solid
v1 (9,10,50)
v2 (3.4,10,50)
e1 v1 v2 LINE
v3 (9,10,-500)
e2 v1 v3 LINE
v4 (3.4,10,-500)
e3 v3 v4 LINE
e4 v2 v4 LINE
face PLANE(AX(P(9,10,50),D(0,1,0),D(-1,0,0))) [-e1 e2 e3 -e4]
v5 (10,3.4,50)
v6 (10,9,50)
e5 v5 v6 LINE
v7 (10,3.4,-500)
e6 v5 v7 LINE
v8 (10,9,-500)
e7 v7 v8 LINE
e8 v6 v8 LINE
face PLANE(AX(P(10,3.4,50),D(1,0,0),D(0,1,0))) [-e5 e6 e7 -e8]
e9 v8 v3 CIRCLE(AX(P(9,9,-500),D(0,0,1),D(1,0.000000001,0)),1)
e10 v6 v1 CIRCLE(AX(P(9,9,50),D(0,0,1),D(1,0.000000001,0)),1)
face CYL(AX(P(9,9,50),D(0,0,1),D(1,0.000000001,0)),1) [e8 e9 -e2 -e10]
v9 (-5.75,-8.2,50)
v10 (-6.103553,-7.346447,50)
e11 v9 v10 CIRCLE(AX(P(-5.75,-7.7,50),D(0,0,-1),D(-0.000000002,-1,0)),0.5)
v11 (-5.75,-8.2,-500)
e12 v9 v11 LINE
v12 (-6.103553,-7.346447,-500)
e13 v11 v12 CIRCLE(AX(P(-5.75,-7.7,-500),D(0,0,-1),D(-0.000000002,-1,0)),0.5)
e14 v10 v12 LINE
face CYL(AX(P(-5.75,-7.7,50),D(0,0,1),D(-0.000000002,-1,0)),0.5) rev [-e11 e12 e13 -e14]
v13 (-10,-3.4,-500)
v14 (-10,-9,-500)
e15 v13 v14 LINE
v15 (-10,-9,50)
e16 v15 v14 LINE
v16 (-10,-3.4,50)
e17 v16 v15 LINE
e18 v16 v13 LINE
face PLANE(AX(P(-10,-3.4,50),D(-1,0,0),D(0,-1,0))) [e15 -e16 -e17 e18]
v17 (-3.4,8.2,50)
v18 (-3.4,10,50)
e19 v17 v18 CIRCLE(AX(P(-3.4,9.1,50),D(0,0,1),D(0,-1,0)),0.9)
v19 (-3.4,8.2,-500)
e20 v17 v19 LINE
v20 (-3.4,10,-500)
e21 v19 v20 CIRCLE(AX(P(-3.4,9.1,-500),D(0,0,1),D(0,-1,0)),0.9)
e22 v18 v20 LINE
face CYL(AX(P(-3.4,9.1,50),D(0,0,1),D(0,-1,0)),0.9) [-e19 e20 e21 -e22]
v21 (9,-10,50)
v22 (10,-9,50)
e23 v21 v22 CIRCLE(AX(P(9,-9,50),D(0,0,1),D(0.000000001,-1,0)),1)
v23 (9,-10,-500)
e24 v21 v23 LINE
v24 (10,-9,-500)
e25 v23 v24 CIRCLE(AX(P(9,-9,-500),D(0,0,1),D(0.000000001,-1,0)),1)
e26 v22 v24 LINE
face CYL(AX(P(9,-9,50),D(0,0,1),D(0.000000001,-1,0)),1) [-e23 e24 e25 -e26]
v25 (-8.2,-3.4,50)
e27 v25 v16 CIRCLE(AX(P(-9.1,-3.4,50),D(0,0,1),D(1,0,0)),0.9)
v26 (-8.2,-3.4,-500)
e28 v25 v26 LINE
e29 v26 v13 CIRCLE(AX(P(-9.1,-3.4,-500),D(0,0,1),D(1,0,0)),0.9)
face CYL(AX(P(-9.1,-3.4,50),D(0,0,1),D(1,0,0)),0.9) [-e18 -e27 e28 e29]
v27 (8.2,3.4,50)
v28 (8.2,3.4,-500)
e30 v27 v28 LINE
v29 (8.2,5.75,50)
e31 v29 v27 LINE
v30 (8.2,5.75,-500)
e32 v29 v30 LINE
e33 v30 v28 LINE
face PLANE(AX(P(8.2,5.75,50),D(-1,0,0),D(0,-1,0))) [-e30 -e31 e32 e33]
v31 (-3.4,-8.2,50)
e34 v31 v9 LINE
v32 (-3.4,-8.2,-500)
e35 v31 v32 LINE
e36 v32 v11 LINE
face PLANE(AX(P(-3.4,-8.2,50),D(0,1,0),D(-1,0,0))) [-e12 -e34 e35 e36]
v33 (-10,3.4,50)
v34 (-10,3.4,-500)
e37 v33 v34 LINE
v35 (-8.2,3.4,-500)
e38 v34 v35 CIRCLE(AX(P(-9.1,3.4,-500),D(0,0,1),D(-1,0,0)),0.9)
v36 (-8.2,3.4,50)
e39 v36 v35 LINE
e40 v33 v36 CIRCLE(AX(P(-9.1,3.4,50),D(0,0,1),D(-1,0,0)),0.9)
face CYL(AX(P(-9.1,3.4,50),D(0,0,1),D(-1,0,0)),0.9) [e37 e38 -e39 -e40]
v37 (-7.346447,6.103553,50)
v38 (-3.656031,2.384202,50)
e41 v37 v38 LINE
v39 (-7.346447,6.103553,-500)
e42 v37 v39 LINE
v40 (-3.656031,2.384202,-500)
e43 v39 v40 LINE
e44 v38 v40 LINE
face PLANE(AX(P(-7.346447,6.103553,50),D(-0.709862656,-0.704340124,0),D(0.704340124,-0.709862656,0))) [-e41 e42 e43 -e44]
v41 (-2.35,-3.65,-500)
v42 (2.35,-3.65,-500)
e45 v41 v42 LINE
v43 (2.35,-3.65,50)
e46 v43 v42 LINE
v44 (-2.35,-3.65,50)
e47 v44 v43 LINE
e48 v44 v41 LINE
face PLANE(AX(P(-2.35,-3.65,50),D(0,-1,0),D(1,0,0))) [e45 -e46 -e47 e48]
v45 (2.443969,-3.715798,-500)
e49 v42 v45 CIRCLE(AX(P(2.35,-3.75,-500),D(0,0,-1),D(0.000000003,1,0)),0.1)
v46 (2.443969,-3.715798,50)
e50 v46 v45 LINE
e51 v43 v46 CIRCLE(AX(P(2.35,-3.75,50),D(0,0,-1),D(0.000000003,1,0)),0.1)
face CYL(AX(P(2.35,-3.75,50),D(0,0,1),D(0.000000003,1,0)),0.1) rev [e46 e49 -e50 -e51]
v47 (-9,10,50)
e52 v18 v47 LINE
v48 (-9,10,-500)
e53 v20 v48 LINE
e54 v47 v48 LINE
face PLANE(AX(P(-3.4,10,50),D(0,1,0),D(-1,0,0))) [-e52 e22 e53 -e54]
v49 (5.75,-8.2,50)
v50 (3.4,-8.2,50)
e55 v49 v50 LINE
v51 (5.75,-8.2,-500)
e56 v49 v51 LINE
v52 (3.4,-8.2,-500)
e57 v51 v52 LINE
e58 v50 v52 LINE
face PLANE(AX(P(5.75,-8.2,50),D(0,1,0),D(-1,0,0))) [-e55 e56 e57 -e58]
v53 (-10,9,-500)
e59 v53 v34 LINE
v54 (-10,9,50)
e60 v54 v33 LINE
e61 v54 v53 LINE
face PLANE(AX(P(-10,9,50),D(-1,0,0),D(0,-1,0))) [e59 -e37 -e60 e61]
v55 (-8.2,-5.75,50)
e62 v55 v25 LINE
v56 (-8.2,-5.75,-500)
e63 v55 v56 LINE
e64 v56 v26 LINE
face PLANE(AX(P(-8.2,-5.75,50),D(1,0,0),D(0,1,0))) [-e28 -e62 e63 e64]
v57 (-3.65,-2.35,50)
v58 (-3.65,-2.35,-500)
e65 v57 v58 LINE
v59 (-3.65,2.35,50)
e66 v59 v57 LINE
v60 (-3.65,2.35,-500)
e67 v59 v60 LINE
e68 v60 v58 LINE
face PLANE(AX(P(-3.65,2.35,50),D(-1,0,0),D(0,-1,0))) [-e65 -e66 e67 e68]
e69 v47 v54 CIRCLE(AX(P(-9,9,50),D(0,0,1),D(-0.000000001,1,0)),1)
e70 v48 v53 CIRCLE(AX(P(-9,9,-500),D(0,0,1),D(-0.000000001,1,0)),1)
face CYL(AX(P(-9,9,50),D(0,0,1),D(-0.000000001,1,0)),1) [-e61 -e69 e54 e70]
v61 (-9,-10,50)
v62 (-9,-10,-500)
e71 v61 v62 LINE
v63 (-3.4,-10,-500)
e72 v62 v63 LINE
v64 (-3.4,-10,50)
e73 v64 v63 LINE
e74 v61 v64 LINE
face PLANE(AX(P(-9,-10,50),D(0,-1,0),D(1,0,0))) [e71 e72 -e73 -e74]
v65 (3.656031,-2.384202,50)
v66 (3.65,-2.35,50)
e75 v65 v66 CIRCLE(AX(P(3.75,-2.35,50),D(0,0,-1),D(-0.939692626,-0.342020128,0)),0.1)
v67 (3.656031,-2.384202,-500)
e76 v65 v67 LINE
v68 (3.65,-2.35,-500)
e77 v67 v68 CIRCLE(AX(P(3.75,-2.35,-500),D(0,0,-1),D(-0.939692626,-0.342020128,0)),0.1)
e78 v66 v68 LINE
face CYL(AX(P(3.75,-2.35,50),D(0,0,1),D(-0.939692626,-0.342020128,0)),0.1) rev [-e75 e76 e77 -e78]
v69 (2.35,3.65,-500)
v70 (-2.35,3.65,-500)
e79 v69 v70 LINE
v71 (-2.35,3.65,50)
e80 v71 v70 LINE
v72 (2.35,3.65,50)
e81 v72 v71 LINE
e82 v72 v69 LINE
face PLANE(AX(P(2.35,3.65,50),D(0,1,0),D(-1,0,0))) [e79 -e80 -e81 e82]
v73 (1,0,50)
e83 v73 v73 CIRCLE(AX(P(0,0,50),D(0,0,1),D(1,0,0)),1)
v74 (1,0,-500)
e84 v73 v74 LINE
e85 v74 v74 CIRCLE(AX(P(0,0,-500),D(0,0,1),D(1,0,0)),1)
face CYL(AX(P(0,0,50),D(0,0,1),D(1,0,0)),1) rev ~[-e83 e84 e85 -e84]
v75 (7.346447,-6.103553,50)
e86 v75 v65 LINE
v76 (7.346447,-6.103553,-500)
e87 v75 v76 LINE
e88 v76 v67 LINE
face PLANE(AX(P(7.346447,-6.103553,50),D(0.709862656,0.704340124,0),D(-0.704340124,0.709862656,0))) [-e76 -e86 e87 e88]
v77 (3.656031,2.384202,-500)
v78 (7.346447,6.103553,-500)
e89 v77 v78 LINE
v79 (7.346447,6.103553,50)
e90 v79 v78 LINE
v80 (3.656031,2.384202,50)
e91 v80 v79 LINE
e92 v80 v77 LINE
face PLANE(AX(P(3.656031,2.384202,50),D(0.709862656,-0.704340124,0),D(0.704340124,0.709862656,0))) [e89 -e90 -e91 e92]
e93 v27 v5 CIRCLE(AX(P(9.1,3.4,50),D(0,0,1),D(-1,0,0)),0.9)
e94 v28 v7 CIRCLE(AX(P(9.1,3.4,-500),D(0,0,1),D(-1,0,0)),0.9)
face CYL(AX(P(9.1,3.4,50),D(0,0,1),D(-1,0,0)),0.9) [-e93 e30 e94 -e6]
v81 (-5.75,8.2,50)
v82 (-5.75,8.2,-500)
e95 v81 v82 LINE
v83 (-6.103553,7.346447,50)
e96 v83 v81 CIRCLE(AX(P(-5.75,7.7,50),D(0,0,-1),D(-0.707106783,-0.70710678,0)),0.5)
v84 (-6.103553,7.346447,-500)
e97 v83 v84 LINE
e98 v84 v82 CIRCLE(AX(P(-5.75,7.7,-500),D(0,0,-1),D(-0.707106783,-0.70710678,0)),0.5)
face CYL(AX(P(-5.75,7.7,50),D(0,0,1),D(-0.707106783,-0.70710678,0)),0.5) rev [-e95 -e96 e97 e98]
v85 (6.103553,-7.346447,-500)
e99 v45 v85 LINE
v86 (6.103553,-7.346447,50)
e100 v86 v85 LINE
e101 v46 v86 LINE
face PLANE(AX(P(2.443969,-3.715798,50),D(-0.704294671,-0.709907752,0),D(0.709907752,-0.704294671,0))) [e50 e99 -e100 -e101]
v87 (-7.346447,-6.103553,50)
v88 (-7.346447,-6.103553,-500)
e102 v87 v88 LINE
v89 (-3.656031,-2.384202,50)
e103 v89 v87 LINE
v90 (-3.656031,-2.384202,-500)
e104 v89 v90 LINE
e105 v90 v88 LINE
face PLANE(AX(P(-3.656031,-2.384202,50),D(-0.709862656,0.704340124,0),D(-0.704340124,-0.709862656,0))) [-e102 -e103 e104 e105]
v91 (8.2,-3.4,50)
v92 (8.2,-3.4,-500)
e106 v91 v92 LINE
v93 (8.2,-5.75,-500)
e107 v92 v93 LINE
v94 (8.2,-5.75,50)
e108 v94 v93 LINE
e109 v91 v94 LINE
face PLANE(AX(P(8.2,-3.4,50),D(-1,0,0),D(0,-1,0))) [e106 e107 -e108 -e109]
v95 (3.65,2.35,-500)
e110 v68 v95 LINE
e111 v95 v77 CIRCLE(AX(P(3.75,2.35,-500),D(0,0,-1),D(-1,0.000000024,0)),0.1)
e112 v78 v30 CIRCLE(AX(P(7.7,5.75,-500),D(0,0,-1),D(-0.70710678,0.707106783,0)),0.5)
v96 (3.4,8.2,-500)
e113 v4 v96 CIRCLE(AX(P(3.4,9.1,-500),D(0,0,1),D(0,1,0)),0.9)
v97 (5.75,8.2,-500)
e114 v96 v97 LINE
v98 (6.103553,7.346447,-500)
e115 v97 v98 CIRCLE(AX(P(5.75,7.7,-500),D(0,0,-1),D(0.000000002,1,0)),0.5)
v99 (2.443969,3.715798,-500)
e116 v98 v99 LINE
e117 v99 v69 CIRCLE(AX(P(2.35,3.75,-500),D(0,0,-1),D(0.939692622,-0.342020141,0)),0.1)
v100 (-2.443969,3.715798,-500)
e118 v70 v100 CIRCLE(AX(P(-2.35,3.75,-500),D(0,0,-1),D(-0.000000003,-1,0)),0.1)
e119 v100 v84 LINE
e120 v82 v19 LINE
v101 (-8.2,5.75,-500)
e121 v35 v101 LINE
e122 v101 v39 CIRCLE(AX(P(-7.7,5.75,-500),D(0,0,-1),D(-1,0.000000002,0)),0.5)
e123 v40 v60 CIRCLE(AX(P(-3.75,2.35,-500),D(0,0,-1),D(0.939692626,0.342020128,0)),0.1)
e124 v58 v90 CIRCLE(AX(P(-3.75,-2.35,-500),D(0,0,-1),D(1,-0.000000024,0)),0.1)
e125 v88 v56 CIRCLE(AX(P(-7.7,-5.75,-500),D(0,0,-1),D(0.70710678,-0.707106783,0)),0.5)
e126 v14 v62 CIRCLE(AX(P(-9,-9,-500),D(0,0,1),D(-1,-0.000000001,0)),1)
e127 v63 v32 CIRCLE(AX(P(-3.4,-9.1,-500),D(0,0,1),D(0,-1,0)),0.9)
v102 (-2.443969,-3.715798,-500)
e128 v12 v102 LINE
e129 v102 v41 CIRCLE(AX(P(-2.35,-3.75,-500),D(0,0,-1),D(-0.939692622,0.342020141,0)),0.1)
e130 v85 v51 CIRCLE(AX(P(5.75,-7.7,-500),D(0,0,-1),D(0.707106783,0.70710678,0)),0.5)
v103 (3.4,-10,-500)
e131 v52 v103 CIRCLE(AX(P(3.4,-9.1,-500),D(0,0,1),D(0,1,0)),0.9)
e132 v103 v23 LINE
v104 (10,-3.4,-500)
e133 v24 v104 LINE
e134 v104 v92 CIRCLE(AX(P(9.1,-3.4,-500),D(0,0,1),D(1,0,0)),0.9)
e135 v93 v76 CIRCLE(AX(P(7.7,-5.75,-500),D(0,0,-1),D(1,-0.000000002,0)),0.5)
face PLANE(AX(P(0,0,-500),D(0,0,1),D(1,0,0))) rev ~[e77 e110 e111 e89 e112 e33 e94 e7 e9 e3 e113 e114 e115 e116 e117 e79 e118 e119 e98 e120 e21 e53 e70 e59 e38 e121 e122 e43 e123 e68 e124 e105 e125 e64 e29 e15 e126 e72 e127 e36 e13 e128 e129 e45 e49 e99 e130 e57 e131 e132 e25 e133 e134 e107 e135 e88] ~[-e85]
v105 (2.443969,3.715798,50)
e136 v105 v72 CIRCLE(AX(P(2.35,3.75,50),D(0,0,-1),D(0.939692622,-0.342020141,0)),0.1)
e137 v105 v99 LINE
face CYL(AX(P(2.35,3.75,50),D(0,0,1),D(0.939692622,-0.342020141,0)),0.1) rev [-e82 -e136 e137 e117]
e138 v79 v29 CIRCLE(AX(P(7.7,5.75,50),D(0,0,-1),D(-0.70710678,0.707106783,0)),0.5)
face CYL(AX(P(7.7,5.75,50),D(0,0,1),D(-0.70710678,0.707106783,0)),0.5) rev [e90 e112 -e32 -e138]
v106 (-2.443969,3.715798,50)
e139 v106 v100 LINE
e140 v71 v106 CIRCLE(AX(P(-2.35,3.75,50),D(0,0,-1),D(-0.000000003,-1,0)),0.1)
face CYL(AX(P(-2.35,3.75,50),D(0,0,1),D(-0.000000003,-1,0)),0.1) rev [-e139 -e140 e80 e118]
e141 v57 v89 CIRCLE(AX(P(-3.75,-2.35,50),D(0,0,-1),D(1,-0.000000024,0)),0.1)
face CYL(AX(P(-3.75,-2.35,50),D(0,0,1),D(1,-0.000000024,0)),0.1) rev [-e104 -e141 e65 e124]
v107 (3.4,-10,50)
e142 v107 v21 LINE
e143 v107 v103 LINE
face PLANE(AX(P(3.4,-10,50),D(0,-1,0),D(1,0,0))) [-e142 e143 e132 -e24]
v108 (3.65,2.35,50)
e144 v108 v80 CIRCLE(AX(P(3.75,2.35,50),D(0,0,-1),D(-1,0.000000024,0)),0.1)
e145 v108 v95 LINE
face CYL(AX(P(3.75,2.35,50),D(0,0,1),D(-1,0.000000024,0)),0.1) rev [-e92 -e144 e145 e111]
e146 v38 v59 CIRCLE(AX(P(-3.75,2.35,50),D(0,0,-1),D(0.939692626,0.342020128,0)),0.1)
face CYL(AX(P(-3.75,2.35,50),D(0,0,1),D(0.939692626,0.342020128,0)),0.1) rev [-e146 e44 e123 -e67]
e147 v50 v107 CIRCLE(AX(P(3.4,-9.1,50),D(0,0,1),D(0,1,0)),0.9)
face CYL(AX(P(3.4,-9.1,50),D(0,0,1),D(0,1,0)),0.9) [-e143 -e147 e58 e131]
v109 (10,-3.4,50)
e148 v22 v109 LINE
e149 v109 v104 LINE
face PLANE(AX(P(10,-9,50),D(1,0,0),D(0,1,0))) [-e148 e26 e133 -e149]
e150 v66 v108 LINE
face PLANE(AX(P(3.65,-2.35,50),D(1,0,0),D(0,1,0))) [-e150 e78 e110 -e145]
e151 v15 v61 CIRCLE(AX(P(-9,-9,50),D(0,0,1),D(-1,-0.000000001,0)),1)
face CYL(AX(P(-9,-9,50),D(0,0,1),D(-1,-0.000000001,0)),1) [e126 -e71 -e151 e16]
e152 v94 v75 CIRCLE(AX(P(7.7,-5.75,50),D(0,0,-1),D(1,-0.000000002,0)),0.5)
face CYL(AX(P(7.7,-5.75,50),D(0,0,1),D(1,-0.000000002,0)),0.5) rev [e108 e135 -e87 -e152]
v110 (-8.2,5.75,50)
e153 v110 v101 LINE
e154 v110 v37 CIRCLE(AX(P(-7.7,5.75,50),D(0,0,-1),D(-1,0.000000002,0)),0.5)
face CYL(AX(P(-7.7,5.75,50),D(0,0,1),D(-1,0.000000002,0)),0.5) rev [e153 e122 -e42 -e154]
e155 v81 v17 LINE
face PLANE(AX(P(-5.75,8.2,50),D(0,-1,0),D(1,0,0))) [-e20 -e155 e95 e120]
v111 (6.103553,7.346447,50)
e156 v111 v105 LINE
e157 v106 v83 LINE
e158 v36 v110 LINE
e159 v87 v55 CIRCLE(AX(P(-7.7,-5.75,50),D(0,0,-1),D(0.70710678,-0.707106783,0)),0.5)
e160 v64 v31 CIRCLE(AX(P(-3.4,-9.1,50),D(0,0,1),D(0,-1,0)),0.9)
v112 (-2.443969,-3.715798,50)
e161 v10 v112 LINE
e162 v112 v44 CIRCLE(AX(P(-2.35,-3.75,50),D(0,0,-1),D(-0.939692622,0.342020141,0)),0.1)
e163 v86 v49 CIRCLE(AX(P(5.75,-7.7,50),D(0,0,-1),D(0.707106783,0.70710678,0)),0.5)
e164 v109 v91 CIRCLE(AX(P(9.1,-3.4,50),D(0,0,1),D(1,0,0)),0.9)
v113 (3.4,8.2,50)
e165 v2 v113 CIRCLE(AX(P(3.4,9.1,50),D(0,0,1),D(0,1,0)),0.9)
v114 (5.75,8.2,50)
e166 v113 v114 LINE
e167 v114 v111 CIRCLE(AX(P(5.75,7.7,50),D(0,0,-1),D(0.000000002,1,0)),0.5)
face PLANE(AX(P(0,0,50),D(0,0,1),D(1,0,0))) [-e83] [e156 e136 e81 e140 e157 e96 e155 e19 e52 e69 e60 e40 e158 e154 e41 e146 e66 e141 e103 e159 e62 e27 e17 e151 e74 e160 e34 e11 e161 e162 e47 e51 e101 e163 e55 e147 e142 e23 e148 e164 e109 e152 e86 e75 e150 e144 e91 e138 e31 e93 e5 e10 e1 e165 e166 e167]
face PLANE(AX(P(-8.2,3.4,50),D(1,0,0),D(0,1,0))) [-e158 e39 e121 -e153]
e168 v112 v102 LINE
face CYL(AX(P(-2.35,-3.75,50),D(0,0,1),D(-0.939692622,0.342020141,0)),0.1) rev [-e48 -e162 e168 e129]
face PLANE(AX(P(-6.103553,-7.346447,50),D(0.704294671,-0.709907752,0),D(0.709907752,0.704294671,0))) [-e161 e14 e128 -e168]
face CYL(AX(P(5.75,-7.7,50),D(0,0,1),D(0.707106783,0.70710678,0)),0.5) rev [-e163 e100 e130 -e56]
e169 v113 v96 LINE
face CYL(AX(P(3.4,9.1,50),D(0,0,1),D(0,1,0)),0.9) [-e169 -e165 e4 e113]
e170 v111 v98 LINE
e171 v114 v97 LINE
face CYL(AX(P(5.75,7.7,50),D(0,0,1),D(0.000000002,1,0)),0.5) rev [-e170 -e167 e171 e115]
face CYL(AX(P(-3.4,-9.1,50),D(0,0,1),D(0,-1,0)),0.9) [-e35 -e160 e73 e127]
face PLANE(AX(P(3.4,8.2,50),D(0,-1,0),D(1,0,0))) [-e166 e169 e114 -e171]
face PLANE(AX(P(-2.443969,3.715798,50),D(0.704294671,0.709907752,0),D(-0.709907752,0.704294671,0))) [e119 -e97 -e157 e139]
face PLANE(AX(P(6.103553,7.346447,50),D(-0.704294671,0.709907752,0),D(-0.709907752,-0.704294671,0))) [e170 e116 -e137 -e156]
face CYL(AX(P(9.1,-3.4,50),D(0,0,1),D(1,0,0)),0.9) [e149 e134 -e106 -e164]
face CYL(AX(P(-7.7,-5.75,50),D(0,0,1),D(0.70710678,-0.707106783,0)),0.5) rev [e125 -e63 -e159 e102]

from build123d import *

# Parameters (mm, degrees)
SKETCH1_R           = 1
BOSS_EXTRUDE1_DEPTH = 550


with BuildPart() as part:
    # Sketch1 → Boss-Extrude1 (new body)
    with BuildSketch(Plane.XY.offset(50)):
        with BuildLine():
            Line((-10, 9), (-10, 3.4))
            ThreePointArc((-10, 3.4), (-9.1, 2.5), (-8.2, 3.4))
            Line((-8.2, 3.4), (-8.2, 5.75))
            ThreePointArc((-8.2, 5.75), (-7.891341716, 6.211939766), (-7.346446609, 6.103553391))
            Line((-7.346446609, 6.103553391), (-3.656030738, 2.384202014))
            ThreePointArc((-3.656030738, 2.384202014), (-3.651519225, 2.367364818), (-3.65, 2.35))
            Line((-3.65, 2.35), (-3.65, -2.35))
            ThreePointArc((-3.65, -2.35), (-3.651519225, -2.367364818), (-3.656030738, -2.384202014))
            Line((-3.656030738, -2.384202014), (-7.346446609, -6.103553391))
            ThreePointArc((-7.346446609, -6.103553391), (-7.891341716, -6.211939766), (-8.2, -5.75))
            Line((-8.2, -5.75), (-8.2, -3.4))
            ThreePointArc((-8.2, -3.4), (-9.1, -2.5), (-10, -3.4))
            Line((-10, -3.4), (-10, -9))
            ThreePointArc((-10, -9), (-9.707106781, -9.707106781), (-9, -10))
            Line((-9, -10), (-3.4, -10))
            ThreePointArc((-3.4, -10), (-2.5, -9.1), (-3.4, -8.2))
            Line((-3.4, -8.2), (-5.75, -8.2))
            ThreePointArc((-5.75, -8.2), (-6.211939766, -7.891341716), (-6.103553391, -7.346446609))
            Line((-6.103553391, -7.346446609), (-2.443969262, -3.715797986))
            ThreePointArc((-2.443969262, -3.715797986), (-2.407357644, -3.668084796), (-2.35, -3.65))
            Line((-2.35, -3.65), (2.35, -3.65))
            ThreePointArc((2.35, -3.65), (2.407357644, -3.668084796), (2.443969262, -3.715797986))
            Line((2.443969262, -3.715797986), (6.103553391, -7.346446609))
            ThreePointArc((6.103553391, -7.346446609), (6.211939766, -7.891341716), (5.75, -8.2))
            Line((5.75, -8.2), (3.4, -8.2))
            ThreePointArc((3.4, -8.2), (2.5, -9.1), (3.4, -10))
            Line((3.4, -10), (9, -10))
            ThreePointArc((9, -10), (9.707106781, -9.707106781), (10, -9))
            Line((10, -9), (10, -3.4))
            ThreePointArc((10, -3.4), (9.1, -2.5), (8.2, -3.4))
            Line((8.2, -3.4), (8.2, -5.75))
            ThreePointArc((8.2, -5.75), (7.891341716, -6.211939766), (7.346446609, -6.103553391))
            Line((7.346446609, -6.103553391), (3.656030738, -2.384202014))
            ThreePointArc((3.656030738, -2.384202014), (3.651519225, -2.367364818), (3.65, -2.35))
            Line((3.65, -2.35), (3.65, 2.35))
            ThreePointArc((3.65, 2.35), (3.651519225, 2.367364818), (3.656030738, 2.384202014))
            Line((3.656030738, 2.384202014), (7.346446609, 6.103553391))
            ThreePointArc((7.346446609, 6.103553391), (7.891341716, 6.211939766), (8.2, 5.75))
            Line((8.2, 5.75), (8.2, 3.4))
            ThreePointArc((8.2, 3.4), (9.1, 2.5), (10, 3.4))
            Line((10, 3.4), (10, 9))
            ThreePointArc((10, 9), (9.707106781, 9.707106781), (9, 10))
            Line((9, 10), (3.4, 10))
            ThreePointArc((3.4, 10), (2.5, 9.1), (3.4, 8.2))
            Line((3.4, 8.2), (5.75, 8.2))
            ThreePointArc((5.75, 8.2), (6.211939766, 7.891341716), (6.103553391, 7.346446609))
            Line((6.103553391, 7.346446609), (2.443969262, 3.715797986))
            ThreePointArc((2.443969262, 3.715797986), (2.407357644, 3.668084796), (2.35, 3.65))
            Line((2.35, 3.65), (-2.35, 3.65))
            ThreePointArc((-2.35, 3.65), (-2.407357644, 3.668084796), (-2.443969262, 3.715797986))
            Line((-2.443969262, 3.715797986), (-6.103553391, 7.346446609))
            ThreePointArc((-6.103553391, 7.346446609), (-6.211939766, 7.891341716), (-5.75, 8.2))
            Line((-5.75, 8.2), (-3.4, 8.2))
            ThreePointArc((-3.4, 8.2), (-2.5, 9.1), (-3.4, 10))
            Line((-3.4, 10), (-9, 10))
            ThreePointArc((-9, 10), (-9.707106781, 9.707106781), (-10, 9))
        make_face()
        Circle(SKETCH1_R, mode=Mode.SUBTRACT)
    extrude(amount=-BOSS_EXTRUDE1_DEPTH)


solid = part.part
